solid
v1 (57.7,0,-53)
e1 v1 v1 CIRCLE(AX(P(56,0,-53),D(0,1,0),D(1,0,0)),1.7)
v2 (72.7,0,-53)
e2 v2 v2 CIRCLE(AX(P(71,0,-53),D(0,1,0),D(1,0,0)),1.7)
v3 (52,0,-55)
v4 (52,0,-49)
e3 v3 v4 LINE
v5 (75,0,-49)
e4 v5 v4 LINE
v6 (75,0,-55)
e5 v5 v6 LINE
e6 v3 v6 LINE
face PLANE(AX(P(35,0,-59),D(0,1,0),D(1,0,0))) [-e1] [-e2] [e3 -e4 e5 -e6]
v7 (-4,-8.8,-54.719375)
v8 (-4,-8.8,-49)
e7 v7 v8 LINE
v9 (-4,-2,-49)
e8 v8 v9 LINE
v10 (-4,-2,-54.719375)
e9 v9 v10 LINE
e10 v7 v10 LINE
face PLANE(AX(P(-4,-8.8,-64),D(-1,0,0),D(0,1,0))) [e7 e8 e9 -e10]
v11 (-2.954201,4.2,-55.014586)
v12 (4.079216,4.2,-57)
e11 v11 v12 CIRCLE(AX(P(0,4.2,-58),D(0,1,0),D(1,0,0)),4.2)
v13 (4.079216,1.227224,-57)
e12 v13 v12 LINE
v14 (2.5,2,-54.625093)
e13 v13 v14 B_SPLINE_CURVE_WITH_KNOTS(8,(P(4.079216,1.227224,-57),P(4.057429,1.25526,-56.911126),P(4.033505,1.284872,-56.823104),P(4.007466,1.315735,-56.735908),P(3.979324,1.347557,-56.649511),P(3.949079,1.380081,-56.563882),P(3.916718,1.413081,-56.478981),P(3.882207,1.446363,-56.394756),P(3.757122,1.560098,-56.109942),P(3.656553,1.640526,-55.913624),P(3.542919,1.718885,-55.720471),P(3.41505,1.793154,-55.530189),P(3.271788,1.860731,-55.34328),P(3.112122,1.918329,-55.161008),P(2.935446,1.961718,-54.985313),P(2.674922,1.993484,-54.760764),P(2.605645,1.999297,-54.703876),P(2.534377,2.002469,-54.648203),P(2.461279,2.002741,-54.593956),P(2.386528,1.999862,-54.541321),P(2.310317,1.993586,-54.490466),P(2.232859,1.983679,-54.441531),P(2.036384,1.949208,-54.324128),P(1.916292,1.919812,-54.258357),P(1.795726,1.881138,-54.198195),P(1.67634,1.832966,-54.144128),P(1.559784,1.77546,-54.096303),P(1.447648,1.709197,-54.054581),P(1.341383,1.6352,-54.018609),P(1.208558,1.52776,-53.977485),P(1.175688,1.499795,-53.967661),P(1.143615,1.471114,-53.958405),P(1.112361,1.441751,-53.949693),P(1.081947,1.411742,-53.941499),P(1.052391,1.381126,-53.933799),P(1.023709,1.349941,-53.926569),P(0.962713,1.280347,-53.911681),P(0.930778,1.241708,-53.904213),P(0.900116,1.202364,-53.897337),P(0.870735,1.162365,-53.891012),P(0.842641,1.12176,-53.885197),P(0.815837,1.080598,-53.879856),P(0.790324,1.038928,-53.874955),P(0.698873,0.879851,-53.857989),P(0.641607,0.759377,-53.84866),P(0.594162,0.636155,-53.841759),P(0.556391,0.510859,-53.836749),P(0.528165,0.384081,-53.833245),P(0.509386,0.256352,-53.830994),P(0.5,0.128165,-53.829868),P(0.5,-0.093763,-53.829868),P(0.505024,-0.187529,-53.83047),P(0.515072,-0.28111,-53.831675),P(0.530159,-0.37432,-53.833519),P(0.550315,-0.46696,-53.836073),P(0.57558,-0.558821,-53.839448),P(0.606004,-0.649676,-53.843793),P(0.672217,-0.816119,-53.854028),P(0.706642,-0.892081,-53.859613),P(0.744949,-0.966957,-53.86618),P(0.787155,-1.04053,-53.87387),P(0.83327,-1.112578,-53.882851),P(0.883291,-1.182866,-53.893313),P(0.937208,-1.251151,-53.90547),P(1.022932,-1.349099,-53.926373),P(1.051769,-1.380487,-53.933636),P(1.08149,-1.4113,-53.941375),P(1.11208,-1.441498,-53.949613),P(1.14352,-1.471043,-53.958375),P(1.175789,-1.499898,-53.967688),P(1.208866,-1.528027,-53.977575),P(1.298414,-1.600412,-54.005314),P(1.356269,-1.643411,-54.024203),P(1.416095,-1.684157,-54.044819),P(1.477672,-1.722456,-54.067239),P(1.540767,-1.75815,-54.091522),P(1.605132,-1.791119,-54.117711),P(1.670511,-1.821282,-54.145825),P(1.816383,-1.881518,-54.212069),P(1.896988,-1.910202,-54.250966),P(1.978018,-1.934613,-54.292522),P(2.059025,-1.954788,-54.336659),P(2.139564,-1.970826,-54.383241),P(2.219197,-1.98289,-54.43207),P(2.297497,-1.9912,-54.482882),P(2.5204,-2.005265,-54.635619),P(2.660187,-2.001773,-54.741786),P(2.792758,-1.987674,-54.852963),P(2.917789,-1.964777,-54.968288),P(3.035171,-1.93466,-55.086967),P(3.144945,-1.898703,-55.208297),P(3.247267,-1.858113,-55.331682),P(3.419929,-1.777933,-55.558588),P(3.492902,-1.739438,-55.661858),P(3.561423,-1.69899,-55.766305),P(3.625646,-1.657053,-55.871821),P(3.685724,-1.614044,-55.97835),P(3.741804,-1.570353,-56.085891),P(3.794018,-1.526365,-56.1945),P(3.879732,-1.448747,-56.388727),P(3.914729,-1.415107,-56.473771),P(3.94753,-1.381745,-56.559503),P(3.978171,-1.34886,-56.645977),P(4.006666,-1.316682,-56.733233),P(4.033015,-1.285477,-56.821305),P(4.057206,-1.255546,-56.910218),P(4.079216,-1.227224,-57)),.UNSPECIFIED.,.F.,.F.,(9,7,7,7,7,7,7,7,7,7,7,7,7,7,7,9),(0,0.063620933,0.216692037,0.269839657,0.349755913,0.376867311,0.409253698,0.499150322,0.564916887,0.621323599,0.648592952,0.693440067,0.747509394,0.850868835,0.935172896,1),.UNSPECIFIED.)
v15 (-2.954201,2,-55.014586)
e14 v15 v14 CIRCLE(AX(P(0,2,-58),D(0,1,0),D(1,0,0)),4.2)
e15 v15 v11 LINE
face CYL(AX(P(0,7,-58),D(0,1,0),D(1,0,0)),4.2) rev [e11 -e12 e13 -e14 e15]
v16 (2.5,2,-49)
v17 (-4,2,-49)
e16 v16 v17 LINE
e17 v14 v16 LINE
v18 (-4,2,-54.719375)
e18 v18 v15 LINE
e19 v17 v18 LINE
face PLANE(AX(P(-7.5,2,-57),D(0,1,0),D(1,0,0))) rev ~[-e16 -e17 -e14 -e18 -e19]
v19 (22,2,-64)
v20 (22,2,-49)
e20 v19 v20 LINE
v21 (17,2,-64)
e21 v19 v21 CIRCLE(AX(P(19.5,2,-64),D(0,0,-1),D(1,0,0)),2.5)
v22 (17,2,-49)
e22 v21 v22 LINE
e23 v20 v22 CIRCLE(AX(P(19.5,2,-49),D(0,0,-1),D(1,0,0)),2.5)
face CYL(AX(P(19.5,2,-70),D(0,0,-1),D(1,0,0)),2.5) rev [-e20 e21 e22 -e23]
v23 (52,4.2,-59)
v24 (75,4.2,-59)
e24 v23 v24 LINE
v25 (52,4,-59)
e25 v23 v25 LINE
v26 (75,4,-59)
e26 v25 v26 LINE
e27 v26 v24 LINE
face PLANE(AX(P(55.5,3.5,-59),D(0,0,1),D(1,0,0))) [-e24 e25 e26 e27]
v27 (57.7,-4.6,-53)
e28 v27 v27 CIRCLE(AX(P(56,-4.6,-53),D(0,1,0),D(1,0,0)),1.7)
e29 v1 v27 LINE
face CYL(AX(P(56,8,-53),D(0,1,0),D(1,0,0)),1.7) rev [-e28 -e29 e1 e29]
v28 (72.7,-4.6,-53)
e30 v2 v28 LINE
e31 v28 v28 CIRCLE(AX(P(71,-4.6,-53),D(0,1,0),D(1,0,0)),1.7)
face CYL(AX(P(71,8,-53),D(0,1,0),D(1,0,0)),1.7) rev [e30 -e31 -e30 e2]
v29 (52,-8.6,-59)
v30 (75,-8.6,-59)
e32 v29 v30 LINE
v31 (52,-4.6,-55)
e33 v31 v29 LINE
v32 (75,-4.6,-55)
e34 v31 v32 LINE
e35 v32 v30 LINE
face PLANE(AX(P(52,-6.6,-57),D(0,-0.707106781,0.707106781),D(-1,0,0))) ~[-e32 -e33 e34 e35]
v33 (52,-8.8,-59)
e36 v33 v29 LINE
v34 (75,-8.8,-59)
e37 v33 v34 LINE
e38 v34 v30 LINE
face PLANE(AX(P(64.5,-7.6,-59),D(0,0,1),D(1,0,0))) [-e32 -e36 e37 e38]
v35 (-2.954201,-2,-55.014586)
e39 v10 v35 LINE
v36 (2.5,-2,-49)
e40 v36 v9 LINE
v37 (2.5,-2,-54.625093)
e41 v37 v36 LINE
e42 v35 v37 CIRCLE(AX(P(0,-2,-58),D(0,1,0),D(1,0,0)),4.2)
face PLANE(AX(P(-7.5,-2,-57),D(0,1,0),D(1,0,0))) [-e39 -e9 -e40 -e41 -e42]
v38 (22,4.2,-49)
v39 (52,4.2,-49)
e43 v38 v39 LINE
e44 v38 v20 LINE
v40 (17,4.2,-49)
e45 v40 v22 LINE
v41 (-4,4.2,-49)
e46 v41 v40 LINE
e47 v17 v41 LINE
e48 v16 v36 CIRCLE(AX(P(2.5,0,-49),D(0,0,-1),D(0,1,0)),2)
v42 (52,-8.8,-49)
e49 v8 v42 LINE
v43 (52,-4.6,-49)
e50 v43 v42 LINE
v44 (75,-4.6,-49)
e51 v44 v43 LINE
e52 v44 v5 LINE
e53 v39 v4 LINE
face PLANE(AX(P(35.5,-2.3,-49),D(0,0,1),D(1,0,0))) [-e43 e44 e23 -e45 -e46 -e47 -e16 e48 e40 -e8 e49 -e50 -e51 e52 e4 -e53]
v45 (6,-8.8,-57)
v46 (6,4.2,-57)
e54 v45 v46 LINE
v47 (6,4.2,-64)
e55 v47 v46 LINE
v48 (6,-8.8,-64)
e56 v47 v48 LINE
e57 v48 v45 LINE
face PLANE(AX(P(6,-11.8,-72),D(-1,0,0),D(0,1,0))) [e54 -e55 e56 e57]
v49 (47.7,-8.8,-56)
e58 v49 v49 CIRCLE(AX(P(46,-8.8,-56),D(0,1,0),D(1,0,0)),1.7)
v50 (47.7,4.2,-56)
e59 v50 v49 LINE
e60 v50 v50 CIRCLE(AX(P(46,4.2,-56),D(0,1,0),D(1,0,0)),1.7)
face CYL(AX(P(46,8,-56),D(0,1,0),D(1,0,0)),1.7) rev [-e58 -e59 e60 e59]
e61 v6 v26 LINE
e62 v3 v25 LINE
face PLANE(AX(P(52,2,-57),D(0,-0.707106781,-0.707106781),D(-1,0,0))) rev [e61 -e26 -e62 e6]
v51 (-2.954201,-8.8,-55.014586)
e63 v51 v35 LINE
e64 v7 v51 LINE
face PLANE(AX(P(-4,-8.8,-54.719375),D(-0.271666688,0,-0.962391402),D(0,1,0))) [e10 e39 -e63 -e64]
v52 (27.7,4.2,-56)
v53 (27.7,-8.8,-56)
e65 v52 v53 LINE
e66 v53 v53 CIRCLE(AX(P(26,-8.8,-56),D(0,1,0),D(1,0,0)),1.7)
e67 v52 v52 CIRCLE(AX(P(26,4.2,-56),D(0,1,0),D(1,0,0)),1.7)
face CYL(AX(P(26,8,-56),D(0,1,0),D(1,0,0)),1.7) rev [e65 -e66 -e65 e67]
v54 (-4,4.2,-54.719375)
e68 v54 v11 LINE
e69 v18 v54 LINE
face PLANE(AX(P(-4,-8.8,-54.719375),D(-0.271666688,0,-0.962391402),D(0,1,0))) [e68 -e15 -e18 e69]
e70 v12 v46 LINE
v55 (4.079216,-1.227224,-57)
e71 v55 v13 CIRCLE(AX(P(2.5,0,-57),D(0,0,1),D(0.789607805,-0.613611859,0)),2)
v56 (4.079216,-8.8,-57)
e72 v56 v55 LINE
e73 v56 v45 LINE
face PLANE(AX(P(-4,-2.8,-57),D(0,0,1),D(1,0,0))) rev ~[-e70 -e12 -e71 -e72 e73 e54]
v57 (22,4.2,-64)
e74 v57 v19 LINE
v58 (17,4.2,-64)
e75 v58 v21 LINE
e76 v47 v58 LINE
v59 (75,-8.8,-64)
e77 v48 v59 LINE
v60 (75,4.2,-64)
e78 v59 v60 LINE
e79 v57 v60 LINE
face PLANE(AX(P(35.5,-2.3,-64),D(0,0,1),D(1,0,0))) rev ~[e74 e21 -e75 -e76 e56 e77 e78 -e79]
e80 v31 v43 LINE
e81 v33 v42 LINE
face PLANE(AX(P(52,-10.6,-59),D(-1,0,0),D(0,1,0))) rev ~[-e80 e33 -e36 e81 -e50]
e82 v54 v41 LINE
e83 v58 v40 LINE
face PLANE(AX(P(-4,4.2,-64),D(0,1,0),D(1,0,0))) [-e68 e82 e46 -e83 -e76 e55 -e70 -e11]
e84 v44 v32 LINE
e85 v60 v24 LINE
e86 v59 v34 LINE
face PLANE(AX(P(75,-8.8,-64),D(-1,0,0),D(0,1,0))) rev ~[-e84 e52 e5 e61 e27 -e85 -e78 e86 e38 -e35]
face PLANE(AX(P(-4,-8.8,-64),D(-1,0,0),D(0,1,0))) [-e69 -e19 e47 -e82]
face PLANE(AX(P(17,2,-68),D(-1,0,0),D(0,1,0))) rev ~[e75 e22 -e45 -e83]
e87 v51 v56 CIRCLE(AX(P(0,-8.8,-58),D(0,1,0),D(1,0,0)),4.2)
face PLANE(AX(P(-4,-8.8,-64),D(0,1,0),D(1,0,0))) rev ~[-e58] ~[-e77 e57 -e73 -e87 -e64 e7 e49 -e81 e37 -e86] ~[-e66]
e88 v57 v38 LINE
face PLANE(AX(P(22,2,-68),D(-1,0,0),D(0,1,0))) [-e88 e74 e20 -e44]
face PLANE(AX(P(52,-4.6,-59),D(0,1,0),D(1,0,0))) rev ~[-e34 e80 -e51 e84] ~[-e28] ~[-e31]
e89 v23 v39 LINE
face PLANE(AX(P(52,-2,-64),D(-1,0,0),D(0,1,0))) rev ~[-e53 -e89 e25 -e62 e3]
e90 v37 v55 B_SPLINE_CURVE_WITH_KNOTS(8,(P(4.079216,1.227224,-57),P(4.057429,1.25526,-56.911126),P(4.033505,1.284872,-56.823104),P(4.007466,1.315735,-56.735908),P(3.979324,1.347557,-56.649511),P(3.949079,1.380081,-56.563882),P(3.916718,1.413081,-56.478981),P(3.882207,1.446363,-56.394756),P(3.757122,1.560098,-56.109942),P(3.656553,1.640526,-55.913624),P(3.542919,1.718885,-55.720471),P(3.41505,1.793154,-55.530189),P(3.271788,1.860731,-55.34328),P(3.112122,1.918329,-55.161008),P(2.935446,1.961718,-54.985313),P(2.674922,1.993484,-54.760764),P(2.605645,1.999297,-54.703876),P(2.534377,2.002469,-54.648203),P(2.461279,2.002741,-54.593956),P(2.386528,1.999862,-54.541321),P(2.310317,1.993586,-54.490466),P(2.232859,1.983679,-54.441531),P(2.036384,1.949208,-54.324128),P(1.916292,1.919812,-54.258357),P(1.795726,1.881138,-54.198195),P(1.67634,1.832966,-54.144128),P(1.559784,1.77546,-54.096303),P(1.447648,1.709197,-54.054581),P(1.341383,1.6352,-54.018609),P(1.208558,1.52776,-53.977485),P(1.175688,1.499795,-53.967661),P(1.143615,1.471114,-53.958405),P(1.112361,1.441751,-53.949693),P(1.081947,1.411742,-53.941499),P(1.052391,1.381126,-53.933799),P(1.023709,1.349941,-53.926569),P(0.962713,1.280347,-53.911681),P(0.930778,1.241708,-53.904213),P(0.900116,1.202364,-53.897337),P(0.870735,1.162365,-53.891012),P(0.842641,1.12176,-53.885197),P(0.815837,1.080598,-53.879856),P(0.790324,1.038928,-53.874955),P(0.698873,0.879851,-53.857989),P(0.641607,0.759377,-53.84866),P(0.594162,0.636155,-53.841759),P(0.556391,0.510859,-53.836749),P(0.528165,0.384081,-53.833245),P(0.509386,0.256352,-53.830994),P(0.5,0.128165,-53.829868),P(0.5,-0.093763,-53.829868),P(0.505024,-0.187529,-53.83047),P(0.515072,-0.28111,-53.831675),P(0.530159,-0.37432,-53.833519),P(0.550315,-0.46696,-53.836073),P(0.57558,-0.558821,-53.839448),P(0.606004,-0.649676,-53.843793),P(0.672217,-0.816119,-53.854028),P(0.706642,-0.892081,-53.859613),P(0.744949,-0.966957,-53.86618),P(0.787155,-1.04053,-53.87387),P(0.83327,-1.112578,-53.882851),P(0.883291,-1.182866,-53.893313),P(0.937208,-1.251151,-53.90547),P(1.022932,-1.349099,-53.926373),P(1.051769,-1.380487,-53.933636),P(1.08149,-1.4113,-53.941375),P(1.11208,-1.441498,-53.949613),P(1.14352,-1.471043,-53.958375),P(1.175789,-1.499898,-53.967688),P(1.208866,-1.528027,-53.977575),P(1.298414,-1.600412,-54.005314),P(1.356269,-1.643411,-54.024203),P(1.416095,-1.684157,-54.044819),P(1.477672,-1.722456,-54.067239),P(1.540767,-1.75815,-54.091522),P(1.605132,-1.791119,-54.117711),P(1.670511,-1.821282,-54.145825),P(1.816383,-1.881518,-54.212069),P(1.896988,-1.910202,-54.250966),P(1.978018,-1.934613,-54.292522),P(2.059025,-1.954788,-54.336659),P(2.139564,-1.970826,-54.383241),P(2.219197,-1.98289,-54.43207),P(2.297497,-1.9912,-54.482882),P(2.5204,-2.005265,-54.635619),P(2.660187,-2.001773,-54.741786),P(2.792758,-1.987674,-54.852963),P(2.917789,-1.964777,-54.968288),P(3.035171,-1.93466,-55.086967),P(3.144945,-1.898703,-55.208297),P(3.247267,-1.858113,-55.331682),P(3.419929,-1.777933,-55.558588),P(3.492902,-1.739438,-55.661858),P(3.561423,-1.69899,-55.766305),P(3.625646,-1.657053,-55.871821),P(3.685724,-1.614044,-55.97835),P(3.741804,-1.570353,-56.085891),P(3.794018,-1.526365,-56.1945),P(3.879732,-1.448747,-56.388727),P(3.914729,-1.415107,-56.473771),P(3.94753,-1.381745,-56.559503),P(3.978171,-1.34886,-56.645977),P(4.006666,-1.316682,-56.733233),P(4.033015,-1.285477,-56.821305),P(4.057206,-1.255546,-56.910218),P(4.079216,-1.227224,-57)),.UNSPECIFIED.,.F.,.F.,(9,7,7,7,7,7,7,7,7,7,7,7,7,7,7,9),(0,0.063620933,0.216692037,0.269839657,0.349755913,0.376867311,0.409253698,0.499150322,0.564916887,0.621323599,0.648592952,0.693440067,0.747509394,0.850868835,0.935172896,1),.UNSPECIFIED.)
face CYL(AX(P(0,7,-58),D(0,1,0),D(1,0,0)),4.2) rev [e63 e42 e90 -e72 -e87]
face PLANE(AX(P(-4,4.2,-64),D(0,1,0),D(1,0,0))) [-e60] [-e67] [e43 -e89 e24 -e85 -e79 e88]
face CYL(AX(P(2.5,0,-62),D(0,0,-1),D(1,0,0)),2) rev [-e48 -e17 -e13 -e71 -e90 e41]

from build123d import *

# Parameters (mm, degrees)
BOX001027045163_W      = 10
BOX001027045163_H      = 4
BOX001027045163_DEPTH  = 60
CYLINDER211_R          = 2
CYLINDER211_DEPTH      = 74
BOX001027045160_W      = 5
BOX001027045160_H      = 10
BOX001027045160_DEPTH  = 21
CYLINDER209_R          = 2.5
CYLINDER209_DEPTH      = 30
CYLINDER205_R          = 1.7
CYLINDER205_DEPTH      = 20
CYLINDER205_ROLL_ANGLE = 90
CYLINDER204_R          = 1.7
CYLINDER204_DEPTH      = 20
CYLINDER204_ROLL_ANGLE = 90
CYLINDER199_R          = 1.7
CYLINDER199_DEPTH      = 20
CYLINDER199_ROLL_ANGLE = 90
CYLINDER198_R          = 1.7
CYLINDER198_DEPTH      = 20
CYLINDER198_ROLL_ANGLE = 90
BOX001027045153_W      = 29
BOX001027045153_H      = 10
BOX001027045153_DEPTH  = 26
BOX001027045151_W      = 41
BOX001027045151_H      = 7
BOX001027045151_DEPTH  = 43
BOX001027045152_W      = 25
BOX001027045152_H      = 6
BOX001027045152_DEPTH  = 43
CYLINDER197_R          = 4.2
CYLINDER197_DEPTH      = 18
CYLINDER197_ROLL_ANGLE = 90
BOX001027045150_W      = 20
BOX001027045150_H      = 18
BOX001027045150_DEPTH  = 15
BOX001027045149_W      = 79
BOX001027045149_H      = 13
BOX001027045149_DEPTH  = 15
CHAMFER017_SIZE        = 2
CHAMFER026_SIZE        = 4
CHAMFER027_SIZE        = 4


with BuildPart() as cube211:
    # Box001027045163 → Box001027045163 (new body)
    with BuildSketch(Plane(origin=(-10, -2, -57), x_dir=(1, 0, 0), z_dir=(0, 0, 1))):
        with Locations((5, 2)):
            Rectangle(BOX001027045163_W, BOX001027045163_H)
    extrude(amount=BOX001027045163_DEPTH)


with BuildPart() as fusion112110:
    # Cylinder211 → Cylinder211 (new body)
    with BuildSketch(Plane.XY.offset(-62)):
        Circle(CYLINDER211_R)
    extrude(amount=CYLINDER211_DEPTH)

    # Fusion112110: union Cube211
    add(cube211.part)


with BuildPart() as fusion112110_1:
    # Fusion112110 placement: moved
    add(fusion112110.part.moved(Location((2.5, 0, 0))))


with BuildPart() as cube208:
    # Box001027045160 → Box001027045160 (new body)
    with BuildSketch(Plane(origin=(17, 2, -68), x_dir=(1, 0, 0), z_dir=(0, 0, 1))):
        with Locations((2.5, 5)):
            Rectangle(BOX001027045160_W, BOX001027045160_H)
    extrude(amount=BOX001027045160_DEPTH)


with BuildPart() as fusion112106:
    # Cylinder209 → Cylinder209 (new body)
    with BuildSketch(Plane(origin=(19.5, 2, -70), x_dir=(1, 0, 0), z_dir=(0, 0, 1))):
        Circle(CYLINDER209_R)
    extrude(amount=CYLINDER209_DEPTH)

    # Fusion112106: union Cube208
    add(cube208.part)


with BuildPart() as cylinder249:
    # Cylinder205 → Cylinder205 (new body)
    with BuildSketch(Plane.XY):
        Circle(CYLINDER205_R)
    extrude(amount=CYLINDER205_DEPTH)


with BuildPart() as cylinder249_1:
    # Cylinder205 roll: moved
    add(cylinder249.part.rotate(Axis((0, 0, 0), (1, 0, 0)), CYLINDER205_ROLL_ANGLE))


with BuildPart() as cylinder249_2:
    # Cylinder205 placement: moved
    add(cylinder249_1.part.moved(Location((46, 8, -54))))


with BuildPart() as fusion112103:
    # Cylinder204 → Cylinder204 (new body)
    with BuildSketch(Plane.XY):
        Circle(CYLINDER204_R)
    extrude(amount=CYLINDER204_DEPTH)


with BuildPart() as fusion112103_1:
    # Cylinder204 roll: moved
    add(fusion112103.part.rotate(Axis((0, 0, 0), (1, 0, 0)), CYLINDER204_ROLL_ANGLE))


with BuildPart() as fusion112103_2:
    # Cylinder204 placement: moved
    add(fusion112103_1.part.moved(Location((26, 8, -54))))

    # Fusion112103: union Cylinder249
    add(cylinder249_2.part)


with BuildPart() as fusion112103_3:
    # Fusion112103 placement: moved
    add(fusion112103_2.part.moved(Location((0, 0, -2))))


with BuildPart() as cylinder243:
    # Cylinder199 → Cylinder199 (new body)
    with BuildSketch(Plane.XY):
        Circle(CYLINDER199_R)
    extrude(amount=CYLINDER199_DEPTH)


with BuildPart() as cylinder243_1:
    # Cylinder199 roll: moved
    add(cylinder243.part.rotate(Axis((0, 0, 0), (1, 0, 0)), CYLINDER199_ROLL_ANGLE))


with BuildPart() as cylinder243_2:
    # Cylinder199 placement: moved
    add(cylinder243_1.part.moved(Location((71, 8, -54))))


with BuildPart() as fusion112100:
    # Cylinder198 → Cylinder198 (new body)
    with BuildSketch(Plane.XY):
        Circle(CYLINDER198_R)
    extrude(amount=CYLINDER198_DEPTH)


with BuildPart() as fusion112100_1:
    # Cylinder198 roll: moved
    add(fusion112100.part.rotate(Axis((0, 0, 0), (1, 0, 0)), CYLINDER198_ROLL_ANGLE))


with BuildPart() as fusion112100_2:
    # Cylinder198 placement: moved
    add(fusion112100_1.part.moved(Location((56, 8, -54))))

    # Fusion112100: union Cylinder243
    add(cylinder243_2.part)


with BuildPart() as fusion112100_3:
    # Fusion112100 placement: moved
    add(fusion112100_2.part.moved(Location((0, 0, 1))))


with BuildPart() as cube201:
    # Box001027045153 → Box001027045153 (new body)
    with BuildSketch(Plane(origin=(23, -2, -64), x_dir=(1, 0, 0), z_dir=(0, 0, 1))):
        with Locations((14.5, 5)):
            Rectangle(BOX001027045153_W, BOX001027045153_H)
    extrude(amount=BOX001027045153_DEPTH)


with BuildPart() as cut174:
    # Box001027045151 → Box001027045151 (new body)
    with BuildSketch(Plane(origin=(35, 0, -59), x_dir=(1, 0, 0), z_dir=(0, 0, 1))):
        with Locations((20.5, 3.5)):
            Rectangle(BOX001027045151_W, BOX001027045151_H)
    extrude(amount=BOX001027045151_DEPTH)

    # Cut174: cut Cube201
    add(cube201.part, mode=Mode.SUBTRACT)


with BuildPart() as fusion112099:
    # Box001027045152 → Box001027045152 (new body)
    with BuildSketch(Plane(origin=(52, -10.6, -59), x_dir=(1, 0, 0), z_dir=(0, 0, 1))):
        with Locations((12.5, 3)):
            Rectangle(BOX001027045152_W, BOX001027045152_H)
    extrude(amount=BOX001027045152_DEPTH)

    # Fusion112099: union Cut174
    add(cut174.part)


with BuildPart() as rocker_cut001:
    # Cylinder197 → Cylinder197 (new body)
    with BuildSketch(Plane.XY):
        Circle(CYLINDER197_R)
    extrude(amount=CYLINDER197_DEPTH)


with BuildPart() as rocker_cut001_1:
    # Cylinder197 roll: moved
    add(rocker_cut001.part.rotate(Axis((0, 0, 0), (1, 0, 0)), CYLINDER197_ROLL_ANGLE))


with BuildPart() as rocker_cut001_2:
    # Cylinder197 placement: moved
    add(rocker_cut001_1.part.moved(Location((0, 7, -58))))


with BuildPart() as fusion112098:
    # Box001027045150 → Box001027045150 (new body)
    with BuildSketch(Plane(origin=(-14, -11.8, -72), x_dir=(1, 0, 0), z_dir=(0, 0, 1))):
        with Locations((10, 9)):
            Rectangle(BOX001027045150_W, BOX001027045150_H)
    extrude(amount=BOX001027045150_DEPTH)

    # Fusion112098: union rocker-cut001
    add(rocker_cut001_2.part)


with BuildPart() as base_and_mount:
    # Box001027045149 → Box001027045149 (new body)
    with BuildSketch(Plane(origin=(-4, -8.8, -64), x_dir=(1, 0, 0), z_dir=(0, 0, 1))):
        with Locations((39.5, 6.5)):
            Rectangle(BOX001027045149_W, BOX001027045149_H)
    extrude(amount=BOX001027045149_DEPTH)

    # Cut173: cut Fusion112098
    add(fusion112098.part, mode=Mode.SUBTRACT)

    # Chamfer017
    chamfer017_edges = [base_and_mount.edges().sort_by_distance(p)[0] for p in [
        (-4, -2.3, -56.719375),
    ]]
    chamfer(chamfer017_edges, length=CHAMFER017_SIZE)

    # Cut175: cut Fusion112099
    add(fusion112099.part, mode=Mode.SUBTRACT)

    # Cut176: cut Fusion112100
    add(fusion112100_3.part, mode=Mode.SUBTRACT)

    # Cut179: cut Fusion112103
    add(fusion112103_3.part, mode=Mode.SUBTRACT)

    # Cut184: cut Fusion112106
    add(fusion112106.part, mode=Mode.SUBTRACT)

    # Cut189: cut Fusion112110
    add(fusion112110_1.part, mode=Mode.SUBTRACT)

    # Chamfer026
    chamfer026_edges = [base_and_mount.edges().sort_by_distance(p)[0] for p in [
        (63.5, 0, -59),
    ]]
    chamfer(chamfer026_edges, length=CHAMFER026_SIZE)

    # Chamfer027
    chamfer027_edges = [base_and_mount.edges().sort_by_distance(p)[0] for p in [
        (63.5, -4.6, -59),
    ]]
    chamfer(chamfer027_edges, length=CHAMFER027_SIZE)


solid = base_and_mount.part
